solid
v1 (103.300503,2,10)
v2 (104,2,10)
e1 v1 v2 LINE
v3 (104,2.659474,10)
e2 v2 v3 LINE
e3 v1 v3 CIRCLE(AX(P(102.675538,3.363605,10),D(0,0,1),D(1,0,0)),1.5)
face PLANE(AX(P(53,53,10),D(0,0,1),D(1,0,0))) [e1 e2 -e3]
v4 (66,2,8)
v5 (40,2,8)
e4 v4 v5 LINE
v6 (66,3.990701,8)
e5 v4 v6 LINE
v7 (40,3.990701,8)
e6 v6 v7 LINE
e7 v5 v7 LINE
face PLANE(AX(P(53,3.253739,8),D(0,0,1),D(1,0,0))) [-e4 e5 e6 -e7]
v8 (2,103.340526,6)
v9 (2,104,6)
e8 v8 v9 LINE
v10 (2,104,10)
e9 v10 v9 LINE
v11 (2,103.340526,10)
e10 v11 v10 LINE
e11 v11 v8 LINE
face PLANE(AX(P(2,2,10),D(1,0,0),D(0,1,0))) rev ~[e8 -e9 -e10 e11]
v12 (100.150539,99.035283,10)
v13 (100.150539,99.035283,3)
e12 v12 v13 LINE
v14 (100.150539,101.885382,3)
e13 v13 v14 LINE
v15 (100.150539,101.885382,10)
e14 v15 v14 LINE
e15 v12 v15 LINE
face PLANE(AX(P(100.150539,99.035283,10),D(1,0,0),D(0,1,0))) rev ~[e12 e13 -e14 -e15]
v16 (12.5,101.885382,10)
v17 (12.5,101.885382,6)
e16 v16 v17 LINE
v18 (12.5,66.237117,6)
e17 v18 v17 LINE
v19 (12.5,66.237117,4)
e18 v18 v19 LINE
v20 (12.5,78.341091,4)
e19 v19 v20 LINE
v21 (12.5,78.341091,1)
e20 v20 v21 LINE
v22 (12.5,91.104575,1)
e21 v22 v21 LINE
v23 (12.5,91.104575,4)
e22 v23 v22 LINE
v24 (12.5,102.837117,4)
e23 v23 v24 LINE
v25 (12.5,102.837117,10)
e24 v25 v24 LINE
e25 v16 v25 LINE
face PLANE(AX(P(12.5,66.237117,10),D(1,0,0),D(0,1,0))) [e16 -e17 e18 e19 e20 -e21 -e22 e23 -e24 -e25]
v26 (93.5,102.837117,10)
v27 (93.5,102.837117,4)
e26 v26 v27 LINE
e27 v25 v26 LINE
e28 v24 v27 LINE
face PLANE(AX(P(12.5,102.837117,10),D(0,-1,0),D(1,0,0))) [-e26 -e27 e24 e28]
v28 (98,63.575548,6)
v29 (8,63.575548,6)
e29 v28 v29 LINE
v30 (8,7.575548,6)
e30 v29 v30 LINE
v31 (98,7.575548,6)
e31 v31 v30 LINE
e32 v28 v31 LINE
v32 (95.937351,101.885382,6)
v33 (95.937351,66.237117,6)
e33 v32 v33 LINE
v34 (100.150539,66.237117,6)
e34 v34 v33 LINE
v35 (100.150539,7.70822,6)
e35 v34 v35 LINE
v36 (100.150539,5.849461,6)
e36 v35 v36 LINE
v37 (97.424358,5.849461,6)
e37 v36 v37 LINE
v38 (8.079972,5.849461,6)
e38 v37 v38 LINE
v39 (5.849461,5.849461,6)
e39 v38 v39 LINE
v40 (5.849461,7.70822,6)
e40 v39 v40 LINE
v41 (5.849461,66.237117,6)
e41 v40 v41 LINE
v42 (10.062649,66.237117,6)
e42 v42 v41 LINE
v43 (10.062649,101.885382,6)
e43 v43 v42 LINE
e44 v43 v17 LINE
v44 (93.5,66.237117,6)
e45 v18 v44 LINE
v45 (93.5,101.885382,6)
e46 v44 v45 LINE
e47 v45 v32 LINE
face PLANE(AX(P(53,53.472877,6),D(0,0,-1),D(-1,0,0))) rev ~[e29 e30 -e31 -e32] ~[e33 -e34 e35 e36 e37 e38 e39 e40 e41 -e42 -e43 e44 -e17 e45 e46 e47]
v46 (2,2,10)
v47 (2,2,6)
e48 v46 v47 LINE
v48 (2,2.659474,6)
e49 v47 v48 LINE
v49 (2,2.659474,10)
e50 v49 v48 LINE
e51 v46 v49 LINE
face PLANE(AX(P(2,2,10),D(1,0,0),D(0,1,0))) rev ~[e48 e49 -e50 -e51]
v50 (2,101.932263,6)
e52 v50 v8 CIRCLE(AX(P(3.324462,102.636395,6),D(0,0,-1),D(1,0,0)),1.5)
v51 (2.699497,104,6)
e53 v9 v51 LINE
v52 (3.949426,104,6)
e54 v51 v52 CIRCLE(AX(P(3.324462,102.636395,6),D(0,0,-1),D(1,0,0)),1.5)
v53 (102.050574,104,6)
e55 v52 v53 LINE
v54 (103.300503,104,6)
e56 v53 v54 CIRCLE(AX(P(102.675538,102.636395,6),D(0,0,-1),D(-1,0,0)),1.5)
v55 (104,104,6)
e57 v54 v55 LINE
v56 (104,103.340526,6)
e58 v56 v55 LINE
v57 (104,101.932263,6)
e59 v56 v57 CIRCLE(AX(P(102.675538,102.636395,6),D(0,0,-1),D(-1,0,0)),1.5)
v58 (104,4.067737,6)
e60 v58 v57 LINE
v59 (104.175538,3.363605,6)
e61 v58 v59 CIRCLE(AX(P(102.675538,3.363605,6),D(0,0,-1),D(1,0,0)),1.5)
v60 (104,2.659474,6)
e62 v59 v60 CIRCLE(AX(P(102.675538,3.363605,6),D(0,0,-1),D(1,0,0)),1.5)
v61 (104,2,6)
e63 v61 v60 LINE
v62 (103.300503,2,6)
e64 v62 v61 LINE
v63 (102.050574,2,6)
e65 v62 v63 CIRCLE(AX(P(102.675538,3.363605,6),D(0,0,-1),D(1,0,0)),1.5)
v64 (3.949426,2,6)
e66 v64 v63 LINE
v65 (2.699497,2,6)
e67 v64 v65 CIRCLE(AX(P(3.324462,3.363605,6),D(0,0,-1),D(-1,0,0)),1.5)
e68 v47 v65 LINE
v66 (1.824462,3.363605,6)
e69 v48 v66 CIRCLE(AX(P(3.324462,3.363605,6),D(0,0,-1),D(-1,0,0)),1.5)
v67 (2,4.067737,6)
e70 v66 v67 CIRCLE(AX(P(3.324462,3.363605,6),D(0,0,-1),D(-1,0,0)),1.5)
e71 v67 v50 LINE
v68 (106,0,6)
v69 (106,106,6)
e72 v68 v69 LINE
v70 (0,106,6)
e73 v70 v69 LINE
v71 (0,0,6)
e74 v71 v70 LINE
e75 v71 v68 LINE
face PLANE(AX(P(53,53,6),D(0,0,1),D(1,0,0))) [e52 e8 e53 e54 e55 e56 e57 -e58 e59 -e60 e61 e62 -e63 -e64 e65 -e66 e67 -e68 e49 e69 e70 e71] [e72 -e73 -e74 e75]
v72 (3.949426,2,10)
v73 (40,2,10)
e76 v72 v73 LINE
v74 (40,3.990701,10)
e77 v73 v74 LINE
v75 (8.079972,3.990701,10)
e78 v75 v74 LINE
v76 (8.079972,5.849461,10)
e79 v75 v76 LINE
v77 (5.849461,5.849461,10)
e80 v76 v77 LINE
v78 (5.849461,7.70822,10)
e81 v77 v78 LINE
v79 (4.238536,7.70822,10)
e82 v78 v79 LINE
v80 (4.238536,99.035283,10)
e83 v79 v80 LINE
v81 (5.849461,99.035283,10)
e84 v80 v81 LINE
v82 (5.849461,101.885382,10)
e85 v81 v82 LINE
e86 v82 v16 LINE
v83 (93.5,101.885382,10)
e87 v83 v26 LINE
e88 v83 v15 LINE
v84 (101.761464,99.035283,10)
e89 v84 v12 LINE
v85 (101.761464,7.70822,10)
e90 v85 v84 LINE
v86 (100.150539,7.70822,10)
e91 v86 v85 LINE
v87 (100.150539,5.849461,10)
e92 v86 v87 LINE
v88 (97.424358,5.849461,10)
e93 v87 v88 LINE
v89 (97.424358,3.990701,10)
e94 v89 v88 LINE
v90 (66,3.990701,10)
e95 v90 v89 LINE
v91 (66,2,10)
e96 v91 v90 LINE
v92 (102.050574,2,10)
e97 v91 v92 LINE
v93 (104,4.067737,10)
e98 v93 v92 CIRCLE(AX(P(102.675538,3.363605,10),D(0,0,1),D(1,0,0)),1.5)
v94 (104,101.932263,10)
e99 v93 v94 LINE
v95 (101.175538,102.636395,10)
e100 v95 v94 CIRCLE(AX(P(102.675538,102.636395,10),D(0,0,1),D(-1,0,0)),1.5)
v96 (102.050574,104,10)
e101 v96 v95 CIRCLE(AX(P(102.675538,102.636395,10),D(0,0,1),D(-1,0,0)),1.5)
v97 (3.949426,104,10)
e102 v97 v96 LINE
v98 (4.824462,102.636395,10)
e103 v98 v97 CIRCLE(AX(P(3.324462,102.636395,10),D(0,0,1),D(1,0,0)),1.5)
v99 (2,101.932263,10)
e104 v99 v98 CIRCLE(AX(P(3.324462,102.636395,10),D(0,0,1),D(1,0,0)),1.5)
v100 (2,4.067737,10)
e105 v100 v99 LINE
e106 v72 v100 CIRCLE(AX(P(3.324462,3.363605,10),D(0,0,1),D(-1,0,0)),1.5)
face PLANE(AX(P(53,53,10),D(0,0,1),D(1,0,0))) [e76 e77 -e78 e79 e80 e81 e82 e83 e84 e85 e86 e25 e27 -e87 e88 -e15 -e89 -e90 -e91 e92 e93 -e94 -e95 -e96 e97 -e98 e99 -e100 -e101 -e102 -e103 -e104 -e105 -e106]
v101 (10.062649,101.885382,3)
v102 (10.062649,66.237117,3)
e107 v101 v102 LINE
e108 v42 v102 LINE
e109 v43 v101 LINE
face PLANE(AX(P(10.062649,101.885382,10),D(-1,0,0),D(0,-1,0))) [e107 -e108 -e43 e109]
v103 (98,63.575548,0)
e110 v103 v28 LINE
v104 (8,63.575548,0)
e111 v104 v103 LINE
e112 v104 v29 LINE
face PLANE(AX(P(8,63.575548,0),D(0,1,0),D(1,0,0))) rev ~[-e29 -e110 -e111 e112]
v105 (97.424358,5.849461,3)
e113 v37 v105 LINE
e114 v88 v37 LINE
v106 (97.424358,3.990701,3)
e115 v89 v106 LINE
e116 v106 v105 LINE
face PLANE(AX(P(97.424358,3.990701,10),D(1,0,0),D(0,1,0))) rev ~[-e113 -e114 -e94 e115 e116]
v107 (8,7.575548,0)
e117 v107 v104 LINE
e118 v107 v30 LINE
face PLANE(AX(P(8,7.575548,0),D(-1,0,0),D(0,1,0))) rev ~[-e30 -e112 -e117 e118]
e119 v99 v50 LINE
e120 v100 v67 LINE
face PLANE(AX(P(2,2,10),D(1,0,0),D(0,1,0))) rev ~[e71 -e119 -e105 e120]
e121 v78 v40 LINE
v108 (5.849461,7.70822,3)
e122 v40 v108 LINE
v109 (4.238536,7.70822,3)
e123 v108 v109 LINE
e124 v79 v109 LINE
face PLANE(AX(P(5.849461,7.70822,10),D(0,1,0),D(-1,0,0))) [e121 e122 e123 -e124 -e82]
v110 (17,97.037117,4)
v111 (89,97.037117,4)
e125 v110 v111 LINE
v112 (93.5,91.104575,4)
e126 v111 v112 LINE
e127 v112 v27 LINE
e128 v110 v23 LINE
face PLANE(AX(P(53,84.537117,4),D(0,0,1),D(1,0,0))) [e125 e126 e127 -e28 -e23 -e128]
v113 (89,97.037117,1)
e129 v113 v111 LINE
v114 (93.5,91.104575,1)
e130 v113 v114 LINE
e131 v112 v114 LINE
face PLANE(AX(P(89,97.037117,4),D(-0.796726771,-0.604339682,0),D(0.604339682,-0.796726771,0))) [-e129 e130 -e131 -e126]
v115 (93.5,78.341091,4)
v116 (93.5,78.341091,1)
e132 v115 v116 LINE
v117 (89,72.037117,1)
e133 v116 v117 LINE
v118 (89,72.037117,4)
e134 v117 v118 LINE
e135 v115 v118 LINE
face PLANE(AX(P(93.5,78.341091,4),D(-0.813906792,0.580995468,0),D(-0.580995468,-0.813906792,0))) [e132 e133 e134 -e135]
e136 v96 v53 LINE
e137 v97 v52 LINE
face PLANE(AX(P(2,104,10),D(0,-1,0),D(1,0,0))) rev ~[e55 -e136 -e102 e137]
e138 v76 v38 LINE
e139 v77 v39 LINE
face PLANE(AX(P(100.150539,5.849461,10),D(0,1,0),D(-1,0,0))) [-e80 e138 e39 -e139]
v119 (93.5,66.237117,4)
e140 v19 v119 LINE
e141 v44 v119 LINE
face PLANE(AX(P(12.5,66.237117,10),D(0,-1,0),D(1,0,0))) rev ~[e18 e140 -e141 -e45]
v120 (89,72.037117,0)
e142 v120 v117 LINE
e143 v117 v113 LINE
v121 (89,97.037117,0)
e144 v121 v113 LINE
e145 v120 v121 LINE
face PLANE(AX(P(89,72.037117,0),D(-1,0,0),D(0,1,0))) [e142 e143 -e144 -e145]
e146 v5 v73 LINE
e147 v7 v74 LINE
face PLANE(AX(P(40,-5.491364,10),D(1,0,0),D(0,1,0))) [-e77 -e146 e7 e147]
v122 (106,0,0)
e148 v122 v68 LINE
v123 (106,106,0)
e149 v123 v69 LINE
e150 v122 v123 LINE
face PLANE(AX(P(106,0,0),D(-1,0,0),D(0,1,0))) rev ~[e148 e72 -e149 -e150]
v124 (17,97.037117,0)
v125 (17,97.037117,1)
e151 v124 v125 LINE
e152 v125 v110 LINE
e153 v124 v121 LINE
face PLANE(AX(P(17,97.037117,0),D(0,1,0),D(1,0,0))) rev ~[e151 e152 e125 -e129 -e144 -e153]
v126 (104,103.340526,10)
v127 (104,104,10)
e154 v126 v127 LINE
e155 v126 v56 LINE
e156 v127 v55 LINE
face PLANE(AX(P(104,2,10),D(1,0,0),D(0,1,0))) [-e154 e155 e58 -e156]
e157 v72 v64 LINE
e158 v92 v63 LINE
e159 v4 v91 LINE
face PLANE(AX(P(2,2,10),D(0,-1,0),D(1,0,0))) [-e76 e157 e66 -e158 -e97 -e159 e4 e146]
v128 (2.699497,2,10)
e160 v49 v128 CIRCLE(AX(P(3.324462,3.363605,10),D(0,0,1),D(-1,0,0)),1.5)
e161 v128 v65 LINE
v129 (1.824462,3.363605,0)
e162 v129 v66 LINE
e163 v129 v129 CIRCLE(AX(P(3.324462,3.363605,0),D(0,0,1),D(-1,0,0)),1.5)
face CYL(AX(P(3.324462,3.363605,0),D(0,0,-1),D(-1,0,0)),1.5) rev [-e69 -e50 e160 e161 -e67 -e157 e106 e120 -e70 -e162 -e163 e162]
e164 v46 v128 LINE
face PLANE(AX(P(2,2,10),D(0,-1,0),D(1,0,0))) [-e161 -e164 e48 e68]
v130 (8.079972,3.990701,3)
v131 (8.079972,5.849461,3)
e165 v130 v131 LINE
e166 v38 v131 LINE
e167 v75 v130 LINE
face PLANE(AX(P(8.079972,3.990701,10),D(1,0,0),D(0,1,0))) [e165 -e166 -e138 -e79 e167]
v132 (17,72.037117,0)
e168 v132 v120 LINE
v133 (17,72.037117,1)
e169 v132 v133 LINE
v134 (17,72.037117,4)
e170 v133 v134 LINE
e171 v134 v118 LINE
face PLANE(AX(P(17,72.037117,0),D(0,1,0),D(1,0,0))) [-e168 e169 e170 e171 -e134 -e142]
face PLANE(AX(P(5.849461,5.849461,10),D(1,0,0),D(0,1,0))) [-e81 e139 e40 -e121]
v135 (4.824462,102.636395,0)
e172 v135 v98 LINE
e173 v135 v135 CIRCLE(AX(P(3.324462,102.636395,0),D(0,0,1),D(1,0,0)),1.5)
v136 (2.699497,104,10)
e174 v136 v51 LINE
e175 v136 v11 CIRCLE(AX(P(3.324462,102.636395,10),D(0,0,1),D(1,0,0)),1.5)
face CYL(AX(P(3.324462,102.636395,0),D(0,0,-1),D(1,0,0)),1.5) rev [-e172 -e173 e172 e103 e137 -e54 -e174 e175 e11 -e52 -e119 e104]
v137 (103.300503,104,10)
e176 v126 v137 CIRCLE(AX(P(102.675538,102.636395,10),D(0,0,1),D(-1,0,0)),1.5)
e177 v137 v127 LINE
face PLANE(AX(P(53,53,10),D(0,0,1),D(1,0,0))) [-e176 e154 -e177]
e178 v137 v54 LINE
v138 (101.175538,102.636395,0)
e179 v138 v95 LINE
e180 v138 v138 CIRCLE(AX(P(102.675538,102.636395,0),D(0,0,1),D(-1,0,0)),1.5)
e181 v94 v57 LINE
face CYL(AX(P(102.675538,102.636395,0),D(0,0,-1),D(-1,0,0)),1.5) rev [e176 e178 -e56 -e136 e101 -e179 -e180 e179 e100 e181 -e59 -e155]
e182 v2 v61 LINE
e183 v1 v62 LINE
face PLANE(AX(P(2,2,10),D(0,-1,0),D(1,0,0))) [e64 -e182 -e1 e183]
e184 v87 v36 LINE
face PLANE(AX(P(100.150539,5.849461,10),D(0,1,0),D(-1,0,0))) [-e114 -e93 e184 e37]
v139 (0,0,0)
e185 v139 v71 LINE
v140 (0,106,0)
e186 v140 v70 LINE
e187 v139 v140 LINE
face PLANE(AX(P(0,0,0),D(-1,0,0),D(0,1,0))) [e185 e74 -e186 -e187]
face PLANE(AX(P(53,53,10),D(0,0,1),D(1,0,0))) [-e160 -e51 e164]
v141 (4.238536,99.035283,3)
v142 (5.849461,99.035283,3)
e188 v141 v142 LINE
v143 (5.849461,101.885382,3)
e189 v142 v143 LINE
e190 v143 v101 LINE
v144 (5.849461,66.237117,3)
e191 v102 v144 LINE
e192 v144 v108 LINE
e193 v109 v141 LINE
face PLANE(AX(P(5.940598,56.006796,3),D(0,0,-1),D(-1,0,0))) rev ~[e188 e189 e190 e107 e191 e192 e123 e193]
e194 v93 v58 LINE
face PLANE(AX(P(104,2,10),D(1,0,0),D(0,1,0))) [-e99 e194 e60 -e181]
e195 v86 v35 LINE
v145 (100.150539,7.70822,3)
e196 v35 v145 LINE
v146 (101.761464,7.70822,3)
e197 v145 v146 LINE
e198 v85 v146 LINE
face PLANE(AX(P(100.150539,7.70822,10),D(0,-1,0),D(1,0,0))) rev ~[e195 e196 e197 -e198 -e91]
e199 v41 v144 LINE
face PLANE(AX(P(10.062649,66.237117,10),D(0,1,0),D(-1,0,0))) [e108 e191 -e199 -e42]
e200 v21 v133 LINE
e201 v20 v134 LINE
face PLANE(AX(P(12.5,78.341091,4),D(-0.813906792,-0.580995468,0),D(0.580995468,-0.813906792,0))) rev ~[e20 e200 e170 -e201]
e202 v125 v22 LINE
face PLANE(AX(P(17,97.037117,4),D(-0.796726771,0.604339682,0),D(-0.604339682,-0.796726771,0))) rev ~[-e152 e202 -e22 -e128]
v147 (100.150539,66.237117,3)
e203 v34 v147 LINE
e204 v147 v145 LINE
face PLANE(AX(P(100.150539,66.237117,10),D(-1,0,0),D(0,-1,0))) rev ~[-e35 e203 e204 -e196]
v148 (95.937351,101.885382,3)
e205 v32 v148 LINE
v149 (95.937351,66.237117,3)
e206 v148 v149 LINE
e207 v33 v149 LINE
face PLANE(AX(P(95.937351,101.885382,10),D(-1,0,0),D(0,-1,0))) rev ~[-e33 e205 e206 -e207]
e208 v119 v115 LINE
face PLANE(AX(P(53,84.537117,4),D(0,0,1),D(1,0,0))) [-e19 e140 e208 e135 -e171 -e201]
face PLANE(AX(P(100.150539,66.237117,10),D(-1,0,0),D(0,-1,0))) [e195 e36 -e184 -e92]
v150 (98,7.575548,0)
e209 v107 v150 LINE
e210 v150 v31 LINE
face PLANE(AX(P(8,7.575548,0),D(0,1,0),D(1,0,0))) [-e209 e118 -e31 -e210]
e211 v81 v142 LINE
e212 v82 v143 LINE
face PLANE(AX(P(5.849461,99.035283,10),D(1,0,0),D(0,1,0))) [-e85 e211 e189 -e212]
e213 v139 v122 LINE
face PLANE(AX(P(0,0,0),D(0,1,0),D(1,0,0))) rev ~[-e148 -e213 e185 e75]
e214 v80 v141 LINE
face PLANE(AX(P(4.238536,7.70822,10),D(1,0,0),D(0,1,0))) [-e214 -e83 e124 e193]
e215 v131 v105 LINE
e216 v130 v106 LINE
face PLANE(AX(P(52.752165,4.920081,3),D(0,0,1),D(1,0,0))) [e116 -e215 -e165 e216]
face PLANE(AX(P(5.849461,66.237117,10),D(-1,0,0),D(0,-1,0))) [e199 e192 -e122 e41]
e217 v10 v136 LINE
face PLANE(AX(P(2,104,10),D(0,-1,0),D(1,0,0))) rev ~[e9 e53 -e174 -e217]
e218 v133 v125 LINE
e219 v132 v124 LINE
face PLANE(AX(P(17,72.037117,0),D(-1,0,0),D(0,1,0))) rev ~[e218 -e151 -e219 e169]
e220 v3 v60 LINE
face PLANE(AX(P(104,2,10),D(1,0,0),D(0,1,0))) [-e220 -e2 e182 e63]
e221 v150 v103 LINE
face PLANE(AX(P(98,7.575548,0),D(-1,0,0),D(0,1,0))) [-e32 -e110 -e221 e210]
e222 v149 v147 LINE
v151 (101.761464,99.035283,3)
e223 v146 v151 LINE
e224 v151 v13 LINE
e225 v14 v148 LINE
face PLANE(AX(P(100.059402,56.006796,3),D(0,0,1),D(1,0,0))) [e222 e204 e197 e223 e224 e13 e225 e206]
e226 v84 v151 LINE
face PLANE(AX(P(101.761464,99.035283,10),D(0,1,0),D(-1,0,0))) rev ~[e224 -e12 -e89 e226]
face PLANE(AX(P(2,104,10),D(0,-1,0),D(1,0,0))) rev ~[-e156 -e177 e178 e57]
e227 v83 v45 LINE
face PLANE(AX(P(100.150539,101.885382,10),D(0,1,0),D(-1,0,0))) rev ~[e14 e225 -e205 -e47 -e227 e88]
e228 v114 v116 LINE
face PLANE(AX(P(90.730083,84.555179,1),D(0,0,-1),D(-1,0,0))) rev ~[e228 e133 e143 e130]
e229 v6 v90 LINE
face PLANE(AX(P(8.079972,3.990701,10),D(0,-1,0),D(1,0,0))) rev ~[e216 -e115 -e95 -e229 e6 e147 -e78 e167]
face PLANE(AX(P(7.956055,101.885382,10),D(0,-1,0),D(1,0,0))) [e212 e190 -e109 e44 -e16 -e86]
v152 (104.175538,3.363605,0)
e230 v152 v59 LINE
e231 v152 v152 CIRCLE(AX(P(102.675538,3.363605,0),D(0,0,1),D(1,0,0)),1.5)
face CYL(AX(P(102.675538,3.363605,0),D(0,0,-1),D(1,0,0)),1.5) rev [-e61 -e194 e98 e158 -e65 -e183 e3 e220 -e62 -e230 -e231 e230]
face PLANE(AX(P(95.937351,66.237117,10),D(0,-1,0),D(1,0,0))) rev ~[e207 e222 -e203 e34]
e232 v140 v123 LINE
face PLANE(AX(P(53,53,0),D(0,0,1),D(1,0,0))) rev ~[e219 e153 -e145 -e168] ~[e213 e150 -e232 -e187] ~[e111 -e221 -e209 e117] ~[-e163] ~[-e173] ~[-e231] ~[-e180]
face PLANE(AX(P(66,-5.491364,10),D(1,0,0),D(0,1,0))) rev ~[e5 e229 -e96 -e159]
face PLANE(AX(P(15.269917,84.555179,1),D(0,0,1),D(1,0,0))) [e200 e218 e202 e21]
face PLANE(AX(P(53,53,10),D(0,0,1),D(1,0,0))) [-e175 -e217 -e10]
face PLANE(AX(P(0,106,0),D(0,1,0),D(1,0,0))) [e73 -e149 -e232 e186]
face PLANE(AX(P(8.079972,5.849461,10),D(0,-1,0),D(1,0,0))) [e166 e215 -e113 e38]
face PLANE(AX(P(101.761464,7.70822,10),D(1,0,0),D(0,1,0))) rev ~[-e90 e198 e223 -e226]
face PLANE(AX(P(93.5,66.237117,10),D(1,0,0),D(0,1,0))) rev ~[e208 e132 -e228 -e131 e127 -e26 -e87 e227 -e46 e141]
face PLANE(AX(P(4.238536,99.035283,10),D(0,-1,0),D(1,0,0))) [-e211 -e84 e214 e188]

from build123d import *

# Parameters (mm, degrees)
SKETCH_1_W          = 106
SKETCH_1_H          = 106
SKETCH_1_R          = 1.5
SKETCH_1_W_2        = 72
SKETCH_1_H_2        = 25
SKETCH_1_W_3        = 90
SKETCH_1_H_3        = 56
EXTRUDE_1_DEPTH     = 10
SKETCH_2_W          = 106
SKETCH_2_H          = 106
SKETCH_2_W_2        = 102
SKETCH_2_H_2        = 102
CUT_EXTRUDE_1_DEPTH = 4
SKETCH_3_W          = 81
SKETCH_3_H          = 36.6
CUT_EXTRUDE_2_DEPTH = 6
SKETCH_4_W          = 89.344385993
SKETCH_4_H          = 1.858759764
CUT_EXTRUDE_3_DEPTH = 7
CUT_EXTRUDE_4_DEPTH = 4
CUT_EXTRUDE_5_DEPTH = 3
SKETCH_8_W          = 26
SKETCH_8_H          = 17.490205858
CUT_EXTRUDE_6_DEPTH = 2


with BuildPart() as part:
    # 草图1 → 凸台-拉伸1 (new body)
    with BuildSketch(Plane.XY):
        with Locations((53, 53)):
            Rectangle(SKETCH_1_W, SKETCH_1_H)
        with Locations((3.324461644, 102.636394846)):
            Circle(SKETCH_1_R, mode=Mode.SUBTRACT)
        with Locations(Location((102.675538356, 102.636394846, 0), (0, 0, 180))):
            Circle(SKETCH_1_R, mode=Mode.SUBTRACT)
        with Locations((102.675538356, 3.363605154)):
            Circle(SKETCH_1_R, mode=Mode.SUBTRACT)
        with Locations(Location((3.324461644, 3.363605154, 0), (0, 0, 180))):
            Circle(SKETCH_1_R, mode=Mode.SUBTRACT)
        with Locations((53, 84.537117037)):
            Rectangle(SKETCH_1_W_2, SKETCH_1_H_2, mode=Mode.SUBTRACT)
        with Locations((53, 35.575547917)):
            Rectangle(SKETCH_1_W_3, SKETCH_1_H_3, mode=Mode.SUBTRACT)
    extrude(amount=EXTRUDE_1_DEPTH)

    # 草图2 → 切除-拉伸1 (cut)
    with BuildSketch(Plane.XY.offset(10)):
        with Locations((53, 53)):
            Rectangle(SKETCH_2_W, SKETCH_2_H)
        with Locations((53, 53)):
            Rectangle(SKETCH_2_W_2, SKETCH_2_H_2, mode=Mode.SUBTRACT)
    extrude(amount=-CUT_EXTRUDE_1_DEPTH, mode=Mode.SUBTRACT)

    # 草图3 → 切除-拉伸2 (cut)
    with BuildSketch(Plane.XY.offset(10)):
        with Locations((53, 84.537117037)):
            Rectangle(SKETCH_3_W, SKETCH_3_H)
    extrude(amount=-CUT_EXTRUDE_2_DEPTH, mode=Mode.SUBTRACT)

    # 草图4 → 切除-拉伸3 (cut)
    with BuildSketch(Plane.XY.offset(10)):
        Polygon((4.238535523, 99.03528349), (5.849460651, 99.03528349), (5.849460651, 101.885381795), (10.06264945, 101.885381795), (10.06264945, 66.237117037), (5.849460651, 66.237117037), (5.849460651, 7.708220416), (4.238535523, 7.708220416), align=None)
        Polygon((95.93735055, 66.237117037), (100.150539349, 66.237117037), (100.150539349, 7.708220416), (101.761464477, 7.708220416), (101.761464477, 99.03528349), (100.150539349, 99.03528349), (100.150539349, 101.885381795), (95.93735055, 101.885381795), align=None)
        with Locations((52.752165365, 4.920080769)):
            Rectangle(SKETCH_4_W, SKETCH_4_H)
    extrude(amount=-CUT_EXTRUDE_3_DEPTH, mode=Mode.SUBTRACT)

    # 草图5 → 切除-拉伸4 (cut)
    with BuildSketch(Plane.XY.offset(10)):
        Polygon((7.956055051, 101.885381795), (98.043944949, 101.885381795), (98.043944949, 66.237117037), (100.150539349, 66.237117037), (100.150539349, 5.849460651), (5.849460651, 5.849460651), (5.849460651, 66.237117037), (7.956055051, 66.237117037), align=None)
    extrude(amount=-CUT_EXTRUDE_4_DEPTH, mode=Mode.SUBTRACT)

    # 草图6 → 切除-拉伸5 (cut)
    with BuildSketch(Plane.XY.offset(4)):
        Polygon((17, 97.037117037), (12.5, 91.104575163), (12.5, 78.34109145), (17, 72.037117037), align=None)
        Polygon((89, 72.037117037), (89, 97.037117037), (93.5, 91.104575163), (93.5, 78.34109145), align=None)
    extrude(amount=-CUT_EXTRUDE_5_DEPTH, mode=Mode.SUBTRACT)

    # 草图8 → 切除-拉伸6 (cut)
    with BuildSketch(Plane.XY.offset(10)):
        with Locations((53, 3.253738618)):
            Rectangle(SKETCH_8_W, SKETCH_8_H)
    extrude(amount=-CUT_EXTRUDE_6_DEPTH, mode=Mode.SUBTRACT)


solid = part.part
